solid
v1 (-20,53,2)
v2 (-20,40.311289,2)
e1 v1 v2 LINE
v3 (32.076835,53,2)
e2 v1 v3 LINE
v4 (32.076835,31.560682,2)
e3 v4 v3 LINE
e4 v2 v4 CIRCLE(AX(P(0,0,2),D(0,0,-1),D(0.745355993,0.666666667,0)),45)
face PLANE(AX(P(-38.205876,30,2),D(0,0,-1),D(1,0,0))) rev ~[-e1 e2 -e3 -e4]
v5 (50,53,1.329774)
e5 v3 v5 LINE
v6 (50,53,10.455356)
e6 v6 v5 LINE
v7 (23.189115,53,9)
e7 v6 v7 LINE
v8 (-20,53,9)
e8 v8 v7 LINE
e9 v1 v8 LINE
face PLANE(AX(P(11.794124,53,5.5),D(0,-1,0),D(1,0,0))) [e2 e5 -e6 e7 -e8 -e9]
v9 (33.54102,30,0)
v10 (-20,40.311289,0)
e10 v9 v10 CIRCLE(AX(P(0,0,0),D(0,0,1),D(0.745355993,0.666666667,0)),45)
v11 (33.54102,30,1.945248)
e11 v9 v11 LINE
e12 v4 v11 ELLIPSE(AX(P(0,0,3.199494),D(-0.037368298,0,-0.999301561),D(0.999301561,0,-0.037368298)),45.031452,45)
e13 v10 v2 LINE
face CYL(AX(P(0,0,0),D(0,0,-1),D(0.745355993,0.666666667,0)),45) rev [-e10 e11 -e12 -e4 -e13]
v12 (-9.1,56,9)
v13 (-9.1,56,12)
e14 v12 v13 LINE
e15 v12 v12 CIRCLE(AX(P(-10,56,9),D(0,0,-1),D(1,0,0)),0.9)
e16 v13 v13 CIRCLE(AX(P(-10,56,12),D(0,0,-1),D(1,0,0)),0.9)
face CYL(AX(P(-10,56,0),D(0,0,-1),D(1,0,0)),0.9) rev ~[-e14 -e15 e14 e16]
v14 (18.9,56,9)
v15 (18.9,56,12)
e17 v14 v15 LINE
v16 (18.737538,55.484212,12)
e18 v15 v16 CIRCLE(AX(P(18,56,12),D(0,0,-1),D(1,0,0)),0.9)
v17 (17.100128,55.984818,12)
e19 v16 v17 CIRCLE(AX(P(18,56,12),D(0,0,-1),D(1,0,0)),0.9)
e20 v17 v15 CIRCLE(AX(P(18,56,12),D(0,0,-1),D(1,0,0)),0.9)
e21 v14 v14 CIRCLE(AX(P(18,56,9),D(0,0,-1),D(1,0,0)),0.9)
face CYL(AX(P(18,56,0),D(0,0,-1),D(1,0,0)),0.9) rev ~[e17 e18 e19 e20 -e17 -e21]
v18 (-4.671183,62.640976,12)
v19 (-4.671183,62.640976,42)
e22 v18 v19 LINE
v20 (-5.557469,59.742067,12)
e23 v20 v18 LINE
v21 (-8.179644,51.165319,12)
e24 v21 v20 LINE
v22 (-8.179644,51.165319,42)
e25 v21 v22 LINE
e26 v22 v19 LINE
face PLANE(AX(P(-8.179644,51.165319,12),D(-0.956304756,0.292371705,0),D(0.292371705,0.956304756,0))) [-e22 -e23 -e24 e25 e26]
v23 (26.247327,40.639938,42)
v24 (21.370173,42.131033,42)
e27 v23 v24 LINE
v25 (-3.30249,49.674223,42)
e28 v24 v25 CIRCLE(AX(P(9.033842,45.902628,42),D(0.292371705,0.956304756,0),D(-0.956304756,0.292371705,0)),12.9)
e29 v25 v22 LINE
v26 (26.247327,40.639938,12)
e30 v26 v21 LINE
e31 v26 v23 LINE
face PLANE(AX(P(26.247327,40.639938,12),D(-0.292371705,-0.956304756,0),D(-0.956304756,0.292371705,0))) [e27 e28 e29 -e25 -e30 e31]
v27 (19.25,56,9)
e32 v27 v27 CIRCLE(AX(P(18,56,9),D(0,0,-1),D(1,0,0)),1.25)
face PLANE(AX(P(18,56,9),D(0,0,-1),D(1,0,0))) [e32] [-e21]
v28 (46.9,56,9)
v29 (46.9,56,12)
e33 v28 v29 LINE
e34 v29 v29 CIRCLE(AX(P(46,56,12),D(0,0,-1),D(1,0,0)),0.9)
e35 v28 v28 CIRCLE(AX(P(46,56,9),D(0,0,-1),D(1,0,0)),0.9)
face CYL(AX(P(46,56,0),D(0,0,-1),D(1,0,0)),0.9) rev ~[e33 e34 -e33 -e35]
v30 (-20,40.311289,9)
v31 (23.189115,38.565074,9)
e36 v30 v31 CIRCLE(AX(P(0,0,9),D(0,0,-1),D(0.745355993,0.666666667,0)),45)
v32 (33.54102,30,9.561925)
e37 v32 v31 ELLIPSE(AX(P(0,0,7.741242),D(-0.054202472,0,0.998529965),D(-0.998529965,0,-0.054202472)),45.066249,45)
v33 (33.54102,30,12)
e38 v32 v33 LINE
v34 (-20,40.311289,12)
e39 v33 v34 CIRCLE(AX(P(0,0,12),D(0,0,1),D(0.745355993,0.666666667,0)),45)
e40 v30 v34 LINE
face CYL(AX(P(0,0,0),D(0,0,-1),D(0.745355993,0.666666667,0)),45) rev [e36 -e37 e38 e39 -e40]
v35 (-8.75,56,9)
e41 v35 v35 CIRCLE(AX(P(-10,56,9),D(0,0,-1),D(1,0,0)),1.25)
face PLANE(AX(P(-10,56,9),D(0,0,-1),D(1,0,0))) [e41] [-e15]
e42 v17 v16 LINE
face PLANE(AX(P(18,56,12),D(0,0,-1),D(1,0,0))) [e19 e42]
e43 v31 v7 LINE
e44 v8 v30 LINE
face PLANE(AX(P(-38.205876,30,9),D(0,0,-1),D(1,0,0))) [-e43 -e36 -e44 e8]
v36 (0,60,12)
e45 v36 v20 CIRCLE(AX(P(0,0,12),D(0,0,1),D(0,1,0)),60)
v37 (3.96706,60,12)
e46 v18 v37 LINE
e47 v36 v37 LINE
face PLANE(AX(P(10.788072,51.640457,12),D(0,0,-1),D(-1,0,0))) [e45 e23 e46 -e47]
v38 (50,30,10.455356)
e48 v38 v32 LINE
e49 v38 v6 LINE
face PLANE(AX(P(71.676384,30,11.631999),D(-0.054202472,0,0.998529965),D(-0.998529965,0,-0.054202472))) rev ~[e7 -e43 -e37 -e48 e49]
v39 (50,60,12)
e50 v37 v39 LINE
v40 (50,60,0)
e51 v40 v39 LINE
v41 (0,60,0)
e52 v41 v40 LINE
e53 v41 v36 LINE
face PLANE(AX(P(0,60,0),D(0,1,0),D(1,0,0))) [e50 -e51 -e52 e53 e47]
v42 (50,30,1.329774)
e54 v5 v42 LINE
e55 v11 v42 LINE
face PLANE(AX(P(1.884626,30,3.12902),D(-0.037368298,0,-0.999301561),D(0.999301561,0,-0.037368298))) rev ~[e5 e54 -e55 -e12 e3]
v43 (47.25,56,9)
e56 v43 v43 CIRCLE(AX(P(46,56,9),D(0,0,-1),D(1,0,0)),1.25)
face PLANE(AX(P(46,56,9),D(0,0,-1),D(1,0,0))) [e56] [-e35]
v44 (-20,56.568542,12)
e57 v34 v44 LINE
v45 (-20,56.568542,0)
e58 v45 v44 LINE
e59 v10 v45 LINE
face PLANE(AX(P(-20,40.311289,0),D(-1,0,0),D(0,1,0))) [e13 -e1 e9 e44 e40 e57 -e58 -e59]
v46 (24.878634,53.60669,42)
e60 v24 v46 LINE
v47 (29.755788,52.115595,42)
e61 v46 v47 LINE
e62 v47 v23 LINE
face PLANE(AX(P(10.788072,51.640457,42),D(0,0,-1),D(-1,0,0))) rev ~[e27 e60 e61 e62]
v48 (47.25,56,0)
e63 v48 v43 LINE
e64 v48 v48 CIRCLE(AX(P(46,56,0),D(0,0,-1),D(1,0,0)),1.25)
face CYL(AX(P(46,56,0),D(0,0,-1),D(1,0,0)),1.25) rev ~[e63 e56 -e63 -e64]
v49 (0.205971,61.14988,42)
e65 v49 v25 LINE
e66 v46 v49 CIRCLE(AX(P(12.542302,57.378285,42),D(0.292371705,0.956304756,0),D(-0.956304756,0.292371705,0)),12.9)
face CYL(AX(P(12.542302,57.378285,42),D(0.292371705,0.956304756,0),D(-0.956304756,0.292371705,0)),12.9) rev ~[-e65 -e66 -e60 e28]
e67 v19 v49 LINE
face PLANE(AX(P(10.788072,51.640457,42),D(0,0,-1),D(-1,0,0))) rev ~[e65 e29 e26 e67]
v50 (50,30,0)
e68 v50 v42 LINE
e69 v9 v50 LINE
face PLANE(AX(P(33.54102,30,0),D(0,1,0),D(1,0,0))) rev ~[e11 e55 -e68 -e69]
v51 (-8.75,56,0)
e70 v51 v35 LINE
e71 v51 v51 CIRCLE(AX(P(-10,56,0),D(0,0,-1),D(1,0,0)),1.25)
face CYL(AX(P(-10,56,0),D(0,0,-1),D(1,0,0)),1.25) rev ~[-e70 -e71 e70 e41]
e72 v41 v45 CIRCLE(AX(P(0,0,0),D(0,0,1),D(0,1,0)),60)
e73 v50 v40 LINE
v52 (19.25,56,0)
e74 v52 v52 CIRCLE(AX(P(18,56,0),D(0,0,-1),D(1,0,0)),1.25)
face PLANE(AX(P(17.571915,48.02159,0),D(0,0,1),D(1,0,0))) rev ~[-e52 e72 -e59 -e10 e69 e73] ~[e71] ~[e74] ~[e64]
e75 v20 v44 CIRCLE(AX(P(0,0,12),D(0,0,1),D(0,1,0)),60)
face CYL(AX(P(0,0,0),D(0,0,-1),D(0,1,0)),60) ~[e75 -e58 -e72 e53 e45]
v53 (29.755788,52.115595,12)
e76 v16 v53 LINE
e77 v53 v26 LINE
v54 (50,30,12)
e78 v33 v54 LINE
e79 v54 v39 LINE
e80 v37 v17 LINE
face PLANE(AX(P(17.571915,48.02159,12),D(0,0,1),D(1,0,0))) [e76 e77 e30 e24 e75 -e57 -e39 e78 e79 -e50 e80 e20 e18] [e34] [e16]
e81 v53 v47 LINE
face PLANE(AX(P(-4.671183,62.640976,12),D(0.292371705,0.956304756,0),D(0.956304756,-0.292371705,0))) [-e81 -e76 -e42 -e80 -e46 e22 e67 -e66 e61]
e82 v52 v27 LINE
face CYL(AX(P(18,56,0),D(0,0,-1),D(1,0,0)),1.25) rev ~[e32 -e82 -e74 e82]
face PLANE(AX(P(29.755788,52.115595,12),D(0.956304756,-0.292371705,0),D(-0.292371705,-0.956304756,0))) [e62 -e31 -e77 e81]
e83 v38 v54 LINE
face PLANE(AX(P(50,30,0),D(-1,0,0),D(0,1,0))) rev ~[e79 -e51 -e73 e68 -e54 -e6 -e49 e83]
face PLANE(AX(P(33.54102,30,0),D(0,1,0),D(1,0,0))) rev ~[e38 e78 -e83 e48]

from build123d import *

# Parameters (mm, degrees)
PAD_DEPTH       = 12
PAD001_DEPTH    = 30
SKETCH002_R     = 12.9
POCKET_DEPTH    = 35.6974328919
SKETCH003_W     = 100
SKETCH003_H     = 7
POCKET001_DEPTH = 23
SKETCH004_R     = 0.9
POCKET002_DEPTH = 12
SKETCH005_R     = 1.25
POCKET003_DEPTH = 9
POCKET004_DEPTH = 23


with BuildPart() as part:
    # Sketch → Pad (new body)
    with BuildSketch(Plane.XY):
        with BuildLine():
            Line((33.5410196625, 30), (50, 30))
            Line((50, 30), (50, 60))
            Line((0, 60), (50, 60))
            ThreePointArc((0, 60), (-10.1461187235, 59.1359135792), (-20, 56.5685424949))
            Line((-20, 40.3112887415), (-20, 56.5685424949))
            ThreePointArc((33.5410196625, 30), (8.5100218715, 44.1880020792), (-20, 40.3112887415))
        make_face()
    extrude(amount=PAD_DEPTH)

    # Sketch001 → Pad001 (new body)
    with BuildSketch(Plane.XY.offset(12)):
        Polygon((-4.671183324, 62.6409760428), (29.7557878907, 52.1155946728), (26.247327434, 40.6399376012), (-8.1796437806, 51.1653189712), align=None)
    extrude(amount=PAD001_DEPTH)

    # Sketch002 → Pocket (cut, through all)
    with BuildSketch(Plane(origin=(17.1148962148, 55.9803030991, 0), x_dir=(-0.956304756, 0.2923717047, 0), z_dir=(0.2923717047, 0.956304756, 0))):
        with Locations((4.7815237798, 42)):
            Circle(SKETCH002_R)
    extrude(amount=-POCKET_DEPTH, mode=Mode.SUBTRACT)

    # Sketch003 → Pocket001 (cut)
    with BuildSketch(Plane.XZ.offset(-30)):
        with Locations((11.7941241648, 5.5)):
            Rectangle(SKETCH003_W, SKETCH003_H)
    extrude(amount=-POCKET001_DEPTH, mode=Mode.SUBTRACT)

    # Sketch004 → Pocket002 (cut)
    with BuildSketch(Plane(origin=(0, 0, 0), x_dir=(1, 0, 0), z_dir=(0, 0, -1))):
        with Locations((-10, -56)):
            Circle(SKETCH004_R)
        with Locations((18, -56)):
            Circle(SKETCH004_R)
        with Locations((46, -56)):
            Circle(SKETCH004_R)
    extrude(amount=-POCKET002_DEPTH, mode=Mode.SUBTRACT)

    # Sketch005 → Pocket003 (cut)
    with BuildSketch(Plane(origin=(0, 0, 0), x_dir=(1, 0, 0), z_dir=(0, 0, -1))):
        with Locations((18, -56)):
            Circle(SKETCH005_R)
        with Locations((-10, -56)):
            Circle(SKETCH005_R)
        with Locations((46, -56)):
            Circle(SKETCH005_R)
    extrude(amount=-POCKET003_DEPTH, mode=Mode.SUBTRACT)

    # Sketch006 → Pocket004 (cut)
    with BuildSketch(Plane.XZ.offset(-30)):
        Polygon((71.676384, 11.631999), (1.884626, 7.843544), (1.884626, 3.12902), (71.676384, 0.519198), align=None)
    extrude(amount=-POCKET004_DEPTH, mode=Mode.SUBTRACT)


solid = part.part
